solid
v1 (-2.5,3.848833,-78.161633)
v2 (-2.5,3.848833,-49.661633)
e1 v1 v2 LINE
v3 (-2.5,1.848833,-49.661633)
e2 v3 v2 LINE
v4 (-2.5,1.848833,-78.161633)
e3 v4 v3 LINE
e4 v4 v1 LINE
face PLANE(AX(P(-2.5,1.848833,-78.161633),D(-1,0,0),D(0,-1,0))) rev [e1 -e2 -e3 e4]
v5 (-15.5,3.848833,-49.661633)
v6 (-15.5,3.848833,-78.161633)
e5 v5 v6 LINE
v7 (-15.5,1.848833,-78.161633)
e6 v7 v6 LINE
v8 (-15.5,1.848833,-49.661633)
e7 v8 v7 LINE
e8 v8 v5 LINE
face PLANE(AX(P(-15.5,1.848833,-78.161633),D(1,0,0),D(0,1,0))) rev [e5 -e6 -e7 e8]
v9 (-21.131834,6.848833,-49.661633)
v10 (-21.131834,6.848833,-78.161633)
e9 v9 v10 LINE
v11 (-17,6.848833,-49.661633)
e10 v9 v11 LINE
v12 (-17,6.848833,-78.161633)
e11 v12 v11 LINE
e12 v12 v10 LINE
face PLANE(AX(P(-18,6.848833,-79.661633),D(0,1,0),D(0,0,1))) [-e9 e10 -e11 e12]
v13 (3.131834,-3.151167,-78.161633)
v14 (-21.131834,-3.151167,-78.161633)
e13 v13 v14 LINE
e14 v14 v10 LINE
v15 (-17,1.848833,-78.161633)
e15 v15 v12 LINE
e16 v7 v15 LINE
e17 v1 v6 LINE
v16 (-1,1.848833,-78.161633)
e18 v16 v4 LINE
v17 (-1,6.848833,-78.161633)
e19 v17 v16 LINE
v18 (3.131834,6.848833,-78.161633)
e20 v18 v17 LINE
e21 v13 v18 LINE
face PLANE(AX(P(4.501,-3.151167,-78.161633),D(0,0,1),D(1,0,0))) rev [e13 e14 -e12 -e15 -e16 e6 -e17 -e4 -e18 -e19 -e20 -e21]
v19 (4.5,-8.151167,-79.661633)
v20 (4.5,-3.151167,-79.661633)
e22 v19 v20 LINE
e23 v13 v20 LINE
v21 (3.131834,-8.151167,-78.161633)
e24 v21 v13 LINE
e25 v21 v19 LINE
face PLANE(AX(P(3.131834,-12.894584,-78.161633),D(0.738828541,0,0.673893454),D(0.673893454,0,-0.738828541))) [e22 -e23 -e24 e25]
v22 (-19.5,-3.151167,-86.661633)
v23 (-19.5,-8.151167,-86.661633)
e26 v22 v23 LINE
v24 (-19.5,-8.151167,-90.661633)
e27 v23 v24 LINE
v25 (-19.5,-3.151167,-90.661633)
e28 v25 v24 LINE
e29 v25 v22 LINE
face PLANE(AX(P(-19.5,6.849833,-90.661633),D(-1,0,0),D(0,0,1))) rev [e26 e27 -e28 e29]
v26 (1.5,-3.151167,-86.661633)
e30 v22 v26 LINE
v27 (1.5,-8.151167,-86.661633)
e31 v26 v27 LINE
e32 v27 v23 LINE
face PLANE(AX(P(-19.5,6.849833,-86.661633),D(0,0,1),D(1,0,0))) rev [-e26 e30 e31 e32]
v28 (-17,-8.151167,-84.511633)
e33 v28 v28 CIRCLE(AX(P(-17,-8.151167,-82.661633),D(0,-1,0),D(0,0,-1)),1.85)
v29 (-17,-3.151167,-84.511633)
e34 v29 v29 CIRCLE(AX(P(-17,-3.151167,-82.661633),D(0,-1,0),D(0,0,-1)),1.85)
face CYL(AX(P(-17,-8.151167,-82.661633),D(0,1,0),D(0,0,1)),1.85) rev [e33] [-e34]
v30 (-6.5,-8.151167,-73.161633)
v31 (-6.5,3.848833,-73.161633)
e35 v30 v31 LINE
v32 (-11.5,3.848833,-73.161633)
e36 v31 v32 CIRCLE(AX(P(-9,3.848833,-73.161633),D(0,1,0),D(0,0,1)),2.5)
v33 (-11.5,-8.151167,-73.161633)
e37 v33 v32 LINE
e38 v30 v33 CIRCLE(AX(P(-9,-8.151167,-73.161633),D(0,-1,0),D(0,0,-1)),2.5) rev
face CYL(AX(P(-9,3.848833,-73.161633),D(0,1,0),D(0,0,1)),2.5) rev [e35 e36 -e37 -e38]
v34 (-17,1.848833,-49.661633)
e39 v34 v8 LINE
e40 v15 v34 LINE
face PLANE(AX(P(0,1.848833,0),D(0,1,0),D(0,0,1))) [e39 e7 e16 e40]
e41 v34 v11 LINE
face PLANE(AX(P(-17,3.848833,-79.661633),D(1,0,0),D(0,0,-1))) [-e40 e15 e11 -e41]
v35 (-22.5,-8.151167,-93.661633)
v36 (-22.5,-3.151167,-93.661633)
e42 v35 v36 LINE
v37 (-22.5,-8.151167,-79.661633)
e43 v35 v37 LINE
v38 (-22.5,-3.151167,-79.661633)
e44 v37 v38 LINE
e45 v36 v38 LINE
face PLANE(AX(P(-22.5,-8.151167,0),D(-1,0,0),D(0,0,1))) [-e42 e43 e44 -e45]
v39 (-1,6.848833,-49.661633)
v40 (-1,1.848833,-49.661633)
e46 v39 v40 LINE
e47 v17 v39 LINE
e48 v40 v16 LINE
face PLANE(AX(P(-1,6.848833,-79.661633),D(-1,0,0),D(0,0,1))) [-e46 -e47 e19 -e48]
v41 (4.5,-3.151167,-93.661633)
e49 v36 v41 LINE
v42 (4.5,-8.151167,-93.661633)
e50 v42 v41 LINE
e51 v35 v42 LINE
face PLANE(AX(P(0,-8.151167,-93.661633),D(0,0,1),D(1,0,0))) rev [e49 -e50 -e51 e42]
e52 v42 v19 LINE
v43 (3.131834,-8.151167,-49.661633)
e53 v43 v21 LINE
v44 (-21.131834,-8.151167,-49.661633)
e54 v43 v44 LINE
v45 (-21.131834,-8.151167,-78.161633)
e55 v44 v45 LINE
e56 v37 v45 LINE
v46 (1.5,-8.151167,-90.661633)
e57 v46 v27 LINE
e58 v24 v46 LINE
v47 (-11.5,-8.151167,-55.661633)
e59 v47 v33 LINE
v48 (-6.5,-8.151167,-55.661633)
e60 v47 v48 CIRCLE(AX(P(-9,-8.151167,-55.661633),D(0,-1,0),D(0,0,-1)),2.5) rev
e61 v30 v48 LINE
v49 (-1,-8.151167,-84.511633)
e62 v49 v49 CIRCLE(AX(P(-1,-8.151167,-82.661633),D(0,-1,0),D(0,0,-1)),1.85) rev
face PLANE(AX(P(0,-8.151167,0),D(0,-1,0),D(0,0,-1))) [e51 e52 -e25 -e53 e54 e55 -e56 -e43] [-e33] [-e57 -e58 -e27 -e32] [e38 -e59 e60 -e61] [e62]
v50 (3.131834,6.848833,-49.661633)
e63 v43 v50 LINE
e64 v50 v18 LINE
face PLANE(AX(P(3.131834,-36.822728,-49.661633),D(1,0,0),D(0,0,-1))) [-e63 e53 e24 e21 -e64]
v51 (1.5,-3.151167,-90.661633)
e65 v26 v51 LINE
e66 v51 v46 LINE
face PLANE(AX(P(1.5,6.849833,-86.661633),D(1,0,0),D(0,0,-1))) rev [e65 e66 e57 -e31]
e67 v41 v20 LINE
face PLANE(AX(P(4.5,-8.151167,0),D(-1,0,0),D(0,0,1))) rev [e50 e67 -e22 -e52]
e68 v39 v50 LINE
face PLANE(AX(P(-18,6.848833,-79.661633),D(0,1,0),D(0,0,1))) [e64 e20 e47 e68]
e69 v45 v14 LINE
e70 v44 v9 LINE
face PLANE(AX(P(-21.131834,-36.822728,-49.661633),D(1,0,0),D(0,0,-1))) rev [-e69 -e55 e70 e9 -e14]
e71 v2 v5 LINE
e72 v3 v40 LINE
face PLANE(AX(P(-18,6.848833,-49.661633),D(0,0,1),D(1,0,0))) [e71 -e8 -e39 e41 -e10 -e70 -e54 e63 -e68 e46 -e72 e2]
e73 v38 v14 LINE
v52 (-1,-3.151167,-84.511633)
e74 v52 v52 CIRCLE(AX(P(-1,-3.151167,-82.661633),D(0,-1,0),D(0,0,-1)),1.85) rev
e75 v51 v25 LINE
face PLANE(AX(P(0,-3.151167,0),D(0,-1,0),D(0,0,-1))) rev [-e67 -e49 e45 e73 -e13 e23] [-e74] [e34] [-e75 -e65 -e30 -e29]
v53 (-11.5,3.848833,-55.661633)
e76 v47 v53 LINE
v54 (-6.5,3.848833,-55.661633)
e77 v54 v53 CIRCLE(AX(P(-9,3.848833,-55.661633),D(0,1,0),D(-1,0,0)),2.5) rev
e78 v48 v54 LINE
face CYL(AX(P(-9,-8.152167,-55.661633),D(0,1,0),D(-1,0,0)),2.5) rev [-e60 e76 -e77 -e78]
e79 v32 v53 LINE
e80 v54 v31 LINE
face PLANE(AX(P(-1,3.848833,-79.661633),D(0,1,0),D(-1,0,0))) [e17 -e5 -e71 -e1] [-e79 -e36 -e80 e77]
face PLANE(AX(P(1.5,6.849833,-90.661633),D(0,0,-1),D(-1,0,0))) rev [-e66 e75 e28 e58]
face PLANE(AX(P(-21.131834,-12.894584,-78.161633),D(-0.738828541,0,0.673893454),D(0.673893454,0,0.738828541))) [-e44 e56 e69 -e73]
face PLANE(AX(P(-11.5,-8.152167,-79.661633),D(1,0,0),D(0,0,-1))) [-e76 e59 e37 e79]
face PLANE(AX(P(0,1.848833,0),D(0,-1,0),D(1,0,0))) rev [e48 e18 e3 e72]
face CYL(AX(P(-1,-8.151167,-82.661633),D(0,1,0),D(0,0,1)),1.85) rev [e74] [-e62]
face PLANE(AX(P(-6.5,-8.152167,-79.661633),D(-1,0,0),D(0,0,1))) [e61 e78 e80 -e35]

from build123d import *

# Parameters (mm, degrees)
CROQUIS1_W                    = 30
CROQUIS1_H                    = 10
SALIENTE_EXTRUIR1_DEPTH       = 18
CROQUIS2_W                    = 16
CROQUIS2_H                    = 3
CORTAR_EXTRUIR1_DEPTH         = 39.831471343
DI_METRO_DE_TALADRO_5_0_5_1_D = 5
DI_METRO_DE_TALADRO_5_0_5_2_D = 5
SALIENTE_EXTRUIR2_START       = 5
CROQUIS7_W                    = 18
CROQUIS7_H                    = 30
CROQUIS7_R                    = 2.5
CROQUIS7_R_2                  = 1.85
SALIENTE_EXTRUIR2_DEPTH       = 5
CORTAR_EXTRUIR3_REACH         = 99.487
CROQUIS9_W                    = 21
CROQUIS9_H                    = 4
CORTAR_EXTRUIR4_REACH         = 98.671
CROQUIS12_W                   = 1.5
CROQUIS12_H                   = 10
CROQUIS11_W                   = 3.131833875
CROQUIS11_H                   = 28.5
SALIENTE_EXTRUIR4_DEPTH       = 15
CROQUIS13_W                   = 1.5
CROQUIS13_H                   = 28.5
CORTAR_EXTRUIR5_DEPTH         = 2
CORTAR_EXTRUIR6_START         = -12
CORTAR_EXTRUIR6_DEPTH         = 15
SALIENTE_EXTRUIR5_DEPTH       = 5


with BuildPart() as part:
    # Croquis1 → Saliente-Extruir1 (new body)
    with BuildSketch(Plane(origin=(0, 0, 0), x_dir=(0, 0, -1), z_dir=(1, 0, 0))):
        with Locations((64.661633078, 1.848832797)):
            Rectangle(CROQUIS1_W, CROQUIS1_H)
    extrude(amount=-SALIENTE_EXTRUIR1_DEPTH)

    # Croquis2 → Cortar-Extruir1 (cut, through all)
    with BuildSketch(Plane(origin=(0, 13.697665595, -49.661633078), x_dir=(1, 0, 0), z_dir=(0, 0, -1))):
        with Locations((-9, 8.348832797)):
            Rectangle(CROQUIS2_W, CROQUIS2_H)
    extrude(amount=CORTAR_EXTRUIR1_DEPTH, mode=Mode.SUBTRACT)

    # Diámetro de taladro Ø5.0 (5)1 (through all)
    with Locations(Plane(origin=(0, 3.848832797, 0), x_dir=(1, 0, 0), z_dir=(0, 1, 0))):
        with Locations((-9, 65.161633078)):
            Hole(DI_METRO_DE_TALADRO_5_0_5_1_D / 2)

    # Diámetro de taladro Ø5.0 (5)2 (through all)
    with Locations(Plane(origin=(0, 3.848832797, 0), x_dir=(1, 0, 0), z_dir=(0, 1, 0))):
        with Locations((-9, 73.161633078)):
            Hole(DI_METRO_DE_TALADRO_5_0_5_2_D / 2)

    # Croquis7 → Saliente-Extruir2 (add)
    # profile 1 of 2: a face of its own
    with BuildSketch(Plane.XZ.offset(3.151167203).offset(SALIENTE_EXTRUIR2_START)):
        with Locations((-9, -64.661633078)):
            Rectangle(CROQUIS7_W, CROQUIS7_H)
        with Locations(Location((-9, -65.161633078, 0), (0, 0, 90))):
            Circle(CROQUIS7_R, mode=Mode.SUBTRACT)
        with Locations(Location((-9, -73.161633078, 0), (0, 0, 90))):
            Circle(CROQUIS7_R, mode=Mode.SUBTRACT)
    # profile 2 of 2: a face of its own
    with BuildSketch(Plane.XZ.offset(3.151167203).offset(SALIENTE_EXTRUIR2_START)):
        Polygon((0, -79.661633078), (4.5, -79.661633078), (4.5, -93.661633078), (-22.5, -93.661633078), (-22.5, -79.661633078), (-18, -79.661633078), align=None)
        with Locations(Location((-17, -82.661633078, 0), (0, 0, 270))):
            Circle(CROQUIS7_R_2, mode=Mode.SUBTRACT)
        with Locations(Location((-1, -82.661633078, 0), (0, 0, 270))):
            Circle(CROQUIS7_R_2, mode=Mode.SUBTRACT)
    extrude(amount=-SALIENTE_EXTRUIR2_DEPTH)

    # Croquis9 → Cortar-Extruir3 (cut, up to next)
    with BuildSketch(Plane(origin=(0, -8.151167203, 0), x_dir=(-1, 0, 0), z_dir=(0, -1, 0)), mode=Mode.PRIVATE) as cortar_extruir3_sk1:
        with Locations((9, 88.661633078)):
            Rectangle(CROQUIS9_W, CROQUIS9_H)
    cortar_extruir3_tool1 = extrude(cortar_extruir3_sk1.sketch, amount=-CORTAR_EXTRUIR3_REACH, mode=Mode.PRIVATE) & part.part
    add(cortar_extruir3_tool1.solids().sort_by_distance((-9, -8.151167, -88.661633))[0], mode=Mode.SUBTRACT)

    # Croquis12 → Cortar-Extruir4 (cut, up to next)
    with BuildSketch(Plane.ZY.offset(18), mode=Mode.PRIVATE) as cortar_extruir4_sk1:
        with Locations((-78.911633078, 1.848832797)):
            Rectangle(CROQUIS12_W, CROQUIS12_H)
    cortar_extruir4_tool1 = extrude(cortar_extruir4_sk1.sketch, amount=-CORTAR_EXTRUIR4_REACH, mode=Mode.PRIVATE) & part.part
    add(cortar_extruir4_tool1.solids().sort_by_distance((-18, 1.848833, -78.911633))[0], mode=Mode.SUBTRACT)

    # Croquis11 → Saliente-Extruir4 (add)
    with BuildSketch(Plane(origin=(0, 6.848832797, 0), x_dir=(1, 0, 0), z_dir=(0, 1, 0))):
        with Locations((-19.565916937, 63.911633078)):
            Rectangle(CROQUIS11_W, CROQUIS11_H)
        with Locations((1.565916938, 63.911633078)):
            Rectangle(CROQUIS11_W, CROQUIS11_H)
    extrude(amount=-SALIENTE_EXTRUIR4_DEPTH)

    # Croquis13 → Cortar-Extruir5 (cut)
    with BuildSketch(Plane(origin=(0, 3.848832797, 0), x_dir=(1, 0, 0), z_dir=(0, 1, 0))):
        with Locations((-16.25, 63.911633078)):
            Rectangle(CROQUIS13_W, CROQUIS13_H)
        with Locations((-1.75, 63.911633078)):
            Rectangle(CROQUIS13_W, CROQUIS13_H)
    extrude(amount=-CORTAR_EXTRUIR5_DEPTH, mode=Mode.SUBTRACT)

    # Croquis14 → Cortar-Extruir6 (cut)
    with BuildSketch(Plane(origin=(0, 3.848832797, 0), x_dir=(1, 0, 0), z_dir=(0, 1, 0)).offset(CORTAR_EXTRUIR6_START)):
        with BuildLine():
            Line((-6.5, 55.661633078), (-6.5, 73.161633078))
            ThreePointArc((-6.5, 73.161633078), (-9, 75.661633078), (-11.5, 73.161633078))
            Line((-11.5, 73.161633078), (-11.5, 55.661633078))
            ThreePointArc((-11.5, 55.661633078), (-9, 53.161633078), (-6.5, 55.661633078))
        make_face()
    extrude(amount=CORTAR_EXTRUIR6_DEPTH, mode=Mode.SUBTRACT)

    # Croquis15 → Saliente-Extruir5 (add)
    with BuildSketch(Plane(origin=(0, -3.151167203, 0), x_dir=(1, 0, 0), z_dir=(0, 1, 0))):
        Polygon((-18, 78.161633078), (-18, 79.661633078), (-22.5, 79.661633078), (-21.131833875, 78.161633078), align=None)
        Polygon((0, 78.161633078), (3.131833875, 78.161633078), (4.5, 79.661633078), (0, 79.661633078), align=None)
    extrude(amount=-SALIENTE_EXTRUIR5_DEPTH)


solid = part.part
